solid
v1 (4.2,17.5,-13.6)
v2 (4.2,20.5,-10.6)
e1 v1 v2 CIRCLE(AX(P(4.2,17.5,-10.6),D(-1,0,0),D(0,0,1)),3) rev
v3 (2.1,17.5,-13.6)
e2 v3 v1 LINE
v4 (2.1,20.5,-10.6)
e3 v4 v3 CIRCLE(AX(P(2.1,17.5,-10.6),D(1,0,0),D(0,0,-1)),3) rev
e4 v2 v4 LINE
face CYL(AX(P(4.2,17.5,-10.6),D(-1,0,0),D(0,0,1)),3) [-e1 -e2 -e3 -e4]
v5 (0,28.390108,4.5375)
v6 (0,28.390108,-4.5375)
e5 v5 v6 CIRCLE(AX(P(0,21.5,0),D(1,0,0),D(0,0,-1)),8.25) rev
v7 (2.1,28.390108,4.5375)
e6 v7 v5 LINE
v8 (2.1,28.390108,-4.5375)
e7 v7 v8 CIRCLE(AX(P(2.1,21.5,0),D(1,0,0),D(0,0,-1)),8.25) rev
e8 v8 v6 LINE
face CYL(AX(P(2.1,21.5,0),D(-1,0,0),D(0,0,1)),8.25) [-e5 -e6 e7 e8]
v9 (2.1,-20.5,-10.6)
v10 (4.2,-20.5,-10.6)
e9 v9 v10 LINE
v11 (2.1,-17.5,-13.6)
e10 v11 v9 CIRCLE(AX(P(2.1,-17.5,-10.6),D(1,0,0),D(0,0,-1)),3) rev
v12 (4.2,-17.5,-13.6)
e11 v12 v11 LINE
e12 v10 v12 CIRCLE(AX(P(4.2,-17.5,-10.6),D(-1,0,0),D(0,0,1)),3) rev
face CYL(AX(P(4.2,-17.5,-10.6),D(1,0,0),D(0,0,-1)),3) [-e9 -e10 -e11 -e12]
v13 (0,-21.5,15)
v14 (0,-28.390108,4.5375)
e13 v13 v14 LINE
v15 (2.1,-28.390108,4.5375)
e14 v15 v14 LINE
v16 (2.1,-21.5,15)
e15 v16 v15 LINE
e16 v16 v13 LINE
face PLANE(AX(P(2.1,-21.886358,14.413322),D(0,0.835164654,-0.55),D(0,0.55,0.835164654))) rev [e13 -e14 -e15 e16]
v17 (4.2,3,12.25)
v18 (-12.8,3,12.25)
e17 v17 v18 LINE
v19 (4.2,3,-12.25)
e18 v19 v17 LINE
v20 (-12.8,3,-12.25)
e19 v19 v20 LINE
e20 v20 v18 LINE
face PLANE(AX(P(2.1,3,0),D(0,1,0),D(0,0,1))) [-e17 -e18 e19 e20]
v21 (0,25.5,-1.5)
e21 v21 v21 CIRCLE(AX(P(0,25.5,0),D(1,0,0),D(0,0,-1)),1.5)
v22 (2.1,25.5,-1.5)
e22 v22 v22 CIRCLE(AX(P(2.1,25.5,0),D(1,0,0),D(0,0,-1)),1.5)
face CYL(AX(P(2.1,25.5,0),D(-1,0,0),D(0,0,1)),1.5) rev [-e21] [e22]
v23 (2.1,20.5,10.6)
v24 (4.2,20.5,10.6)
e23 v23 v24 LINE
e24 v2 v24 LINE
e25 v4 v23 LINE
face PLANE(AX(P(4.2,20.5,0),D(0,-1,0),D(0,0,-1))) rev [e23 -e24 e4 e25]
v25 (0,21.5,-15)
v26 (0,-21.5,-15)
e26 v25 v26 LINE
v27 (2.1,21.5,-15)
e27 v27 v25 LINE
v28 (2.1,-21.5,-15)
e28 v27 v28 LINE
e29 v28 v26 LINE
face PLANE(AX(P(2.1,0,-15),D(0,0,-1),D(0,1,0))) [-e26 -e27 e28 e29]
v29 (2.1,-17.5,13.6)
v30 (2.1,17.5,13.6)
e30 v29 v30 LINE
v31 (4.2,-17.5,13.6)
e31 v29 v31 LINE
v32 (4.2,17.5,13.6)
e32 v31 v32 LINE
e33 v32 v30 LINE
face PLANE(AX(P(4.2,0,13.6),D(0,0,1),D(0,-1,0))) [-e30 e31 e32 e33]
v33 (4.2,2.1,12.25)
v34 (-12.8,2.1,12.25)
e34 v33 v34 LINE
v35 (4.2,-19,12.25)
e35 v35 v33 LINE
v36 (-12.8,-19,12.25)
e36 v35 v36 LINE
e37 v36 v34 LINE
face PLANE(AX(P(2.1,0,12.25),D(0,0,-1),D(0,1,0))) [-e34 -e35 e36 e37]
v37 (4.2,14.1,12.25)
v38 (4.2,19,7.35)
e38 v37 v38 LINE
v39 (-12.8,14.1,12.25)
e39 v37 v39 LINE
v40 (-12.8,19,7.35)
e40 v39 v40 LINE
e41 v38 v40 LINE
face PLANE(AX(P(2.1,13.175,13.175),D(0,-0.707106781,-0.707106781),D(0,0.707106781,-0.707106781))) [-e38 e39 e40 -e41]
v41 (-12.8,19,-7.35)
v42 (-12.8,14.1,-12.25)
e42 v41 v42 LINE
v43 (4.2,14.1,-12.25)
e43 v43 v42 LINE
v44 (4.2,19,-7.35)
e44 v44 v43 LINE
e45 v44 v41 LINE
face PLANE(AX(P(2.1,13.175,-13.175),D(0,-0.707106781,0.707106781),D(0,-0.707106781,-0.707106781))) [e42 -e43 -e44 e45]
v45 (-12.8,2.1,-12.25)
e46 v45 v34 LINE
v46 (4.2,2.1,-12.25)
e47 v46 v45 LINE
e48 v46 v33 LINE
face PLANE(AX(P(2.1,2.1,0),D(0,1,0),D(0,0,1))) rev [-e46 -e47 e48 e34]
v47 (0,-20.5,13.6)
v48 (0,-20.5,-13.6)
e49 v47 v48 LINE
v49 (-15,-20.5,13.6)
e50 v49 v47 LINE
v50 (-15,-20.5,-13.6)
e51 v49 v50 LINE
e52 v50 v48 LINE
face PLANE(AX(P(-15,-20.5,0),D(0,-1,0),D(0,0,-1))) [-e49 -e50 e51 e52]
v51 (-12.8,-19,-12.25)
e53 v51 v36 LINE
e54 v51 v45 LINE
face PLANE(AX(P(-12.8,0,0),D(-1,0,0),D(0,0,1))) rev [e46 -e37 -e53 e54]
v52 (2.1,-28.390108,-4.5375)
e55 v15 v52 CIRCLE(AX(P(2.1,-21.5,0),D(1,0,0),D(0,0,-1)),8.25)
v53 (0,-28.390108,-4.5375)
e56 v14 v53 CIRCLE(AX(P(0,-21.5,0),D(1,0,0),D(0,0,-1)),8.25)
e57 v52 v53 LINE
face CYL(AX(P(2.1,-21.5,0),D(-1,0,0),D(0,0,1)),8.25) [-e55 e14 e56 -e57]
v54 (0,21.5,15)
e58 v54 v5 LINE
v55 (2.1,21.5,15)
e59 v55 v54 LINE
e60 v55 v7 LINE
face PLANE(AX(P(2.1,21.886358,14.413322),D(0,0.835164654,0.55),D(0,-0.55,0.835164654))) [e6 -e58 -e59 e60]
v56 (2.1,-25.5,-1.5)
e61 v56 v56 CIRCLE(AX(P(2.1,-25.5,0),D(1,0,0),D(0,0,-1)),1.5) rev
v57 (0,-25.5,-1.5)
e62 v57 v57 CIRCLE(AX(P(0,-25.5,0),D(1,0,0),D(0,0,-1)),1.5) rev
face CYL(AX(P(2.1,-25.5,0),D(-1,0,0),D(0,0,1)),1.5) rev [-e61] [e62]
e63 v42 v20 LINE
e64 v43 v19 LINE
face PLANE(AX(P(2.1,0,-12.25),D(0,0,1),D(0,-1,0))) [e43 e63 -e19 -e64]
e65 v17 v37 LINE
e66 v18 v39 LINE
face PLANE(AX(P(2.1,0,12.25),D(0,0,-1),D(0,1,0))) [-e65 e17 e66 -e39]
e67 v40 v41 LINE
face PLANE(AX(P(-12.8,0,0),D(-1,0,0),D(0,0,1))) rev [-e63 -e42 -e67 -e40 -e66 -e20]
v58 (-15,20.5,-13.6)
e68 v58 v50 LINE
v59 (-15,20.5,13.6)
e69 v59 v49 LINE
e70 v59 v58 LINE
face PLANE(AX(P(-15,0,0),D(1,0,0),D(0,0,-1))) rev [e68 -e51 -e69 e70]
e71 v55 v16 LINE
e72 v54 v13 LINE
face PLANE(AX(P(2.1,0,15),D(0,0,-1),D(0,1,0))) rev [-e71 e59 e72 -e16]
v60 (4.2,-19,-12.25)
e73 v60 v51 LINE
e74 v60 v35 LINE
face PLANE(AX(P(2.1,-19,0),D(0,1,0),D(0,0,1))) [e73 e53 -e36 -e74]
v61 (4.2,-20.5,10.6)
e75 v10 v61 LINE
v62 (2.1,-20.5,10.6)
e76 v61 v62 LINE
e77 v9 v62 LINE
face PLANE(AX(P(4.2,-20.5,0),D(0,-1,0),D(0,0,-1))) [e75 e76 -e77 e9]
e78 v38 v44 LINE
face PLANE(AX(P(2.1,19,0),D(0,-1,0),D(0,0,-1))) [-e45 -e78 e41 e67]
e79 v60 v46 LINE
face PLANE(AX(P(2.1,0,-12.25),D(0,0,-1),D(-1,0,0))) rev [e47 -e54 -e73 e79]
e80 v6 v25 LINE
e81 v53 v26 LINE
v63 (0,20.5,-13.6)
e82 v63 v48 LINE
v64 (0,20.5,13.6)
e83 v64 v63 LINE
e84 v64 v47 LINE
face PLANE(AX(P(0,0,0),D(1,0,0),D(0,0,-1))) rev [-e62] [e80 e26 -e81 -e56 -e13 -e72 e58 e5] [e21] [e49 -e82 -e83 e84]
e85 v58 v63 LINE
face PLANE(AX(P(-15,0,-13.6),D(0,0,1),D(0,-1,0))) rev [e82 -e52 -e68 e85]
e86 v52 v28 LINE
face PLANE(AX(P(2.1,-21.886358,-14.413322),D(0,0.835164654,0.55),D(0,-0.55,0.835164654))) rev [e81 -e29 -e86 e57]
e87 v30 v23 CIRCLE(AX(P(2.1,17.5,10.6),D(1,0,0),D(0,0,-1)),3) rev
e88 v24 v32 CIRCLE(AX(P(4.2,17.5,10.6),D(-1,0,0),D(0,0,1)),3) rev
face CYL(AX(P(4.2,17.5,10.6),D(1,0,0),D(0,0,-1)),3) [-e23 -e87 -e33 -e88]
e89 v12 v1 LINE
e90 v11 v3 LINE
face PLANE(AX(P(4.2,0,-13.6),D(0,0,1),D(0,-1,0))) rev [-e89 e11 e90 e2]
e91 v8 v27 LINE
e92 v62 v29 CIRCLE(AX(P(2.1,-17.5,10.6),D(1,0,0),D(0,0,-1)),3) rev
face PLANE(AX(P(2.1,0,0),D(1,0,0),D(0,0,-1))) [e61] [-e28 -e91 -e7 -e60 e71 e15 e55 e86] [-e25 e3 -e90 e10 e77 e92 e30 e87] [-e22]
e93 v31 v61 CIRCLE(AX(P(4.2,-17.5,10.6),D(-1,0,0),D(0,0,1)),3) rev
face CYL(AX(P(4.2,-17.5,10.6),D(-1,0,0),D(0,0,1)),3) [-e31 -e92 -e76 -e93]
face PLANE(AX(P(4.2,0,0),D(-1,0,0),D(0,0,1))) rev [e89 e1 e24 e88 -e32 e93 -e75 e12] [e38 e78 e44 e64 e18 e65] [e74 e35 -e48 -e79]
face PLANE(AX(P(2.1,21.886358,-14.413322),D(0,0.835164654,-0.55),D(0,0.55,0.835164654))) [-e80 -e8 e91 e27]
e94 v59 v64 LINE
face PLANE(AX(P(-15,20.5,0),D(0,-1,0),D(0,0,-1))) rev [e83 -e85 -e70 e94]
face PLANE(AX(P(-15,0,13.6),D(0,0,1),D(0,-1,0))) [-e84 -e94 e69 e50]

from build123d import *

# Parameters (mm, degrees)
SKETCH1_R           = 1.5
SKETCH1_W           = 30
SKETCH1_H           = 43
SKETCH1_W_2         = 27.2
SKETCH1_H_2         = 41
SKETCH1_W_3         = 24.5
SKETCH1_H_3         = 21.1
BOSS_EXTRUDE1_DEPTH = 2.1
BOSS_EXTRUDE2_START = 2.1
SKETCH1_3_W         = 27.2
SKETCH1_3_H         = 41
SKETCH1_3_W_2       = 24.5
SKETCH1_3_H_2       = 21.1
BOSS_EXTRUDE2_DEPTH = 2.1
FILLET1_R           = 3
SKETCH1_4_W         = 27.2
SKETCH1_4_H         = 41
SKETCH1_4_W_2       = 24.5
SKETCH1_4_H_2       = 21.1
BOSS_EXTRUDE3_DEPTH = 15
BOSS_EXTRUDE4_START = -15
SKETCH1_5_W         = 24.5
SKETCH1_5_H         = 21.1
BOSS_EXTRUDE4_DEPTH = 2.2


with BuildPart() as part:
    # Sketch1 → Boss-Extrude1 (new body)
    # profile 1 of 4: a face of its own
    with BuildSketch(Plane(origin=(0, 0, 0), x_dir=(0, 0, -1), z_dir=(1, 0, 0))):
        with BuildLine():
            ThreePointArc((-4.5375, 28.390108399), (0, 29.75), (4.5375, 28.390108399))
            Line((4.5375, 28.390108399), (15, 21.5))
            Line((15, 21.5), (-15, 21.5))
            Line((-15, 21.5), (-4.5375, 28.390108399))
        make_face()
        with Locations((0, 25.5)):
            Circle(SKETCH1_R, mode=Mode.SUBTRACT)
    # profile 2 of 4: a face of its own
    with BuildSketch(Plane(origin=(0, 0, 0), x_dir=(0, 0, -1), z_dir=(1, 0, 0))):
        Rectangle(SKETCH1_W, SKETCH1_H)
        Rectangle(SKETCH1_W_2, SKETCH1_H_2, mode=Mode.SUBTRACT)
    # profile 3 of 4: a face of its own
    with BuildSketch(Plane(origin=(0, 0, 0), x_dir=(0, 0, -1), z_dir=(1, 0, 0))):
        Rectangle(SKETCH1_W_2, SKETCH1_H_2)
        Polygon((-12.25, 14.1), (-12.25, 3), (12.25, 3), (12.25, 14.1), (7.35, 19), (-7.35, 19), align=None, mode=Mode.SUBTRACT)
        with Locations((0, -8.45)):
            Rectangle(SKETCH1_W_3, SKETCH1_H_3, mode=Mode.SUBTRACT)
    # profile 4 of 4: a face of its own
    with BuildSketch(Plane(origin=(0, 0, 0), x_dir=(0, 0, -1), z_dir=(1, 0, 0))):
        with BuildLine():
            Line((-15, -21.5), (-4.5375, -28.390108399))
            ThreePointArc((-4.5375, -28.390108399), (0, -29.75), (4.5375, -28.390108399))
            Line((4.5375, -28.390108399), (15, -21.5))
            Line((15, -21.5), (-15, -21.5))
        make_face()
        with Locations((0, -25.5)):
            Circle(SKETCH1_R, mode=Mode.SUBTRACT)
    extrude(amount=BOSS_EXTRUDE1_DEPTH)

    # Sketch1<3> → Boss-Extrude2 (add)
    with BuildSketch(Plane(origin=(0, 0, 0), x_dir=(0, 0, -1), z_dir=(1, 0, 0)).offset(BOSS_EXTRUDE2_START)):
        Rectangle(SKETCH1_3_W, SKETCH1_3_H)
        Polygon((-12.25, 14.1), (-12.25, 3), (12.25, 3), (12.25, 14.1), (7.35, 19), (-7.35, 19), align=None, mode=Mode.SUBTRACT)
        with Locations((0, -8.45)):
            Rectangle(SKETCH1_3_W_2, SKETCH1_3_H_2, mode=Mode.SUBTRACT)
    extrude(amount=BOSS_EXTRUDE2_DEPTH)

    # Fillet1
    fillet1_edges = [part.edges().sort_by_distance(p)[0] for p in [
        (3.15, -20.5, 13.6),
        (3.15, -20.5, -13.6),
        (3.15, 20.5, -13.6),
        (3.15, 20.5, 13.6),
    ]]
    fillet(fillet1_edges, radius=FILLET1_R)

    # Sketch1<4> → Boss-Extrude3 (add)
    with BuildSketch(Plane(origin=(0, 0, 0), x_dir=(0, 0, -1), z_dir=(1, 0, 0))):
        Rectangle(SKETCH1_4_W, SKETCH1_4_H)
        Polygon((-12.25, 14.1), (-12.25, 3), (12.25, 3), (12.25, 14.1), (7.35, 19), (-7.35, 19), align=None, mode=Mode.SUBTRACT)
        with Locations((0, -8.45)):
            Rectangle(SKETCH1_4_W_2, SKETCH1_4_H_2, mode=Mode.SUBTRACT)
    extrude(amount=-BOSS_EXTRUDE3_DEPTH)

    # Sketch1<5> → Boss-Extrude4 (add)
    with BuildSketch(Plane(origin=(0, 0, 0), x_dir=(0, 0, -1), z_dir=(1, 0, 0)).offset(BOSS_EXTRUDE4_START)):
        Polygon((-7.35, 19), (-12.25, 14.1), (-12.25, 3), (12.25, 3), (12.25, 14.1), (7.35, 19), align=None)
        with Locations((0, -8.45)):
            Rectangle(SKETCH1_5_W, SKETCH1_5_H)
    extrude(amount=BOSS_EXTRUDE4_DEPTH)


solid = part.part
